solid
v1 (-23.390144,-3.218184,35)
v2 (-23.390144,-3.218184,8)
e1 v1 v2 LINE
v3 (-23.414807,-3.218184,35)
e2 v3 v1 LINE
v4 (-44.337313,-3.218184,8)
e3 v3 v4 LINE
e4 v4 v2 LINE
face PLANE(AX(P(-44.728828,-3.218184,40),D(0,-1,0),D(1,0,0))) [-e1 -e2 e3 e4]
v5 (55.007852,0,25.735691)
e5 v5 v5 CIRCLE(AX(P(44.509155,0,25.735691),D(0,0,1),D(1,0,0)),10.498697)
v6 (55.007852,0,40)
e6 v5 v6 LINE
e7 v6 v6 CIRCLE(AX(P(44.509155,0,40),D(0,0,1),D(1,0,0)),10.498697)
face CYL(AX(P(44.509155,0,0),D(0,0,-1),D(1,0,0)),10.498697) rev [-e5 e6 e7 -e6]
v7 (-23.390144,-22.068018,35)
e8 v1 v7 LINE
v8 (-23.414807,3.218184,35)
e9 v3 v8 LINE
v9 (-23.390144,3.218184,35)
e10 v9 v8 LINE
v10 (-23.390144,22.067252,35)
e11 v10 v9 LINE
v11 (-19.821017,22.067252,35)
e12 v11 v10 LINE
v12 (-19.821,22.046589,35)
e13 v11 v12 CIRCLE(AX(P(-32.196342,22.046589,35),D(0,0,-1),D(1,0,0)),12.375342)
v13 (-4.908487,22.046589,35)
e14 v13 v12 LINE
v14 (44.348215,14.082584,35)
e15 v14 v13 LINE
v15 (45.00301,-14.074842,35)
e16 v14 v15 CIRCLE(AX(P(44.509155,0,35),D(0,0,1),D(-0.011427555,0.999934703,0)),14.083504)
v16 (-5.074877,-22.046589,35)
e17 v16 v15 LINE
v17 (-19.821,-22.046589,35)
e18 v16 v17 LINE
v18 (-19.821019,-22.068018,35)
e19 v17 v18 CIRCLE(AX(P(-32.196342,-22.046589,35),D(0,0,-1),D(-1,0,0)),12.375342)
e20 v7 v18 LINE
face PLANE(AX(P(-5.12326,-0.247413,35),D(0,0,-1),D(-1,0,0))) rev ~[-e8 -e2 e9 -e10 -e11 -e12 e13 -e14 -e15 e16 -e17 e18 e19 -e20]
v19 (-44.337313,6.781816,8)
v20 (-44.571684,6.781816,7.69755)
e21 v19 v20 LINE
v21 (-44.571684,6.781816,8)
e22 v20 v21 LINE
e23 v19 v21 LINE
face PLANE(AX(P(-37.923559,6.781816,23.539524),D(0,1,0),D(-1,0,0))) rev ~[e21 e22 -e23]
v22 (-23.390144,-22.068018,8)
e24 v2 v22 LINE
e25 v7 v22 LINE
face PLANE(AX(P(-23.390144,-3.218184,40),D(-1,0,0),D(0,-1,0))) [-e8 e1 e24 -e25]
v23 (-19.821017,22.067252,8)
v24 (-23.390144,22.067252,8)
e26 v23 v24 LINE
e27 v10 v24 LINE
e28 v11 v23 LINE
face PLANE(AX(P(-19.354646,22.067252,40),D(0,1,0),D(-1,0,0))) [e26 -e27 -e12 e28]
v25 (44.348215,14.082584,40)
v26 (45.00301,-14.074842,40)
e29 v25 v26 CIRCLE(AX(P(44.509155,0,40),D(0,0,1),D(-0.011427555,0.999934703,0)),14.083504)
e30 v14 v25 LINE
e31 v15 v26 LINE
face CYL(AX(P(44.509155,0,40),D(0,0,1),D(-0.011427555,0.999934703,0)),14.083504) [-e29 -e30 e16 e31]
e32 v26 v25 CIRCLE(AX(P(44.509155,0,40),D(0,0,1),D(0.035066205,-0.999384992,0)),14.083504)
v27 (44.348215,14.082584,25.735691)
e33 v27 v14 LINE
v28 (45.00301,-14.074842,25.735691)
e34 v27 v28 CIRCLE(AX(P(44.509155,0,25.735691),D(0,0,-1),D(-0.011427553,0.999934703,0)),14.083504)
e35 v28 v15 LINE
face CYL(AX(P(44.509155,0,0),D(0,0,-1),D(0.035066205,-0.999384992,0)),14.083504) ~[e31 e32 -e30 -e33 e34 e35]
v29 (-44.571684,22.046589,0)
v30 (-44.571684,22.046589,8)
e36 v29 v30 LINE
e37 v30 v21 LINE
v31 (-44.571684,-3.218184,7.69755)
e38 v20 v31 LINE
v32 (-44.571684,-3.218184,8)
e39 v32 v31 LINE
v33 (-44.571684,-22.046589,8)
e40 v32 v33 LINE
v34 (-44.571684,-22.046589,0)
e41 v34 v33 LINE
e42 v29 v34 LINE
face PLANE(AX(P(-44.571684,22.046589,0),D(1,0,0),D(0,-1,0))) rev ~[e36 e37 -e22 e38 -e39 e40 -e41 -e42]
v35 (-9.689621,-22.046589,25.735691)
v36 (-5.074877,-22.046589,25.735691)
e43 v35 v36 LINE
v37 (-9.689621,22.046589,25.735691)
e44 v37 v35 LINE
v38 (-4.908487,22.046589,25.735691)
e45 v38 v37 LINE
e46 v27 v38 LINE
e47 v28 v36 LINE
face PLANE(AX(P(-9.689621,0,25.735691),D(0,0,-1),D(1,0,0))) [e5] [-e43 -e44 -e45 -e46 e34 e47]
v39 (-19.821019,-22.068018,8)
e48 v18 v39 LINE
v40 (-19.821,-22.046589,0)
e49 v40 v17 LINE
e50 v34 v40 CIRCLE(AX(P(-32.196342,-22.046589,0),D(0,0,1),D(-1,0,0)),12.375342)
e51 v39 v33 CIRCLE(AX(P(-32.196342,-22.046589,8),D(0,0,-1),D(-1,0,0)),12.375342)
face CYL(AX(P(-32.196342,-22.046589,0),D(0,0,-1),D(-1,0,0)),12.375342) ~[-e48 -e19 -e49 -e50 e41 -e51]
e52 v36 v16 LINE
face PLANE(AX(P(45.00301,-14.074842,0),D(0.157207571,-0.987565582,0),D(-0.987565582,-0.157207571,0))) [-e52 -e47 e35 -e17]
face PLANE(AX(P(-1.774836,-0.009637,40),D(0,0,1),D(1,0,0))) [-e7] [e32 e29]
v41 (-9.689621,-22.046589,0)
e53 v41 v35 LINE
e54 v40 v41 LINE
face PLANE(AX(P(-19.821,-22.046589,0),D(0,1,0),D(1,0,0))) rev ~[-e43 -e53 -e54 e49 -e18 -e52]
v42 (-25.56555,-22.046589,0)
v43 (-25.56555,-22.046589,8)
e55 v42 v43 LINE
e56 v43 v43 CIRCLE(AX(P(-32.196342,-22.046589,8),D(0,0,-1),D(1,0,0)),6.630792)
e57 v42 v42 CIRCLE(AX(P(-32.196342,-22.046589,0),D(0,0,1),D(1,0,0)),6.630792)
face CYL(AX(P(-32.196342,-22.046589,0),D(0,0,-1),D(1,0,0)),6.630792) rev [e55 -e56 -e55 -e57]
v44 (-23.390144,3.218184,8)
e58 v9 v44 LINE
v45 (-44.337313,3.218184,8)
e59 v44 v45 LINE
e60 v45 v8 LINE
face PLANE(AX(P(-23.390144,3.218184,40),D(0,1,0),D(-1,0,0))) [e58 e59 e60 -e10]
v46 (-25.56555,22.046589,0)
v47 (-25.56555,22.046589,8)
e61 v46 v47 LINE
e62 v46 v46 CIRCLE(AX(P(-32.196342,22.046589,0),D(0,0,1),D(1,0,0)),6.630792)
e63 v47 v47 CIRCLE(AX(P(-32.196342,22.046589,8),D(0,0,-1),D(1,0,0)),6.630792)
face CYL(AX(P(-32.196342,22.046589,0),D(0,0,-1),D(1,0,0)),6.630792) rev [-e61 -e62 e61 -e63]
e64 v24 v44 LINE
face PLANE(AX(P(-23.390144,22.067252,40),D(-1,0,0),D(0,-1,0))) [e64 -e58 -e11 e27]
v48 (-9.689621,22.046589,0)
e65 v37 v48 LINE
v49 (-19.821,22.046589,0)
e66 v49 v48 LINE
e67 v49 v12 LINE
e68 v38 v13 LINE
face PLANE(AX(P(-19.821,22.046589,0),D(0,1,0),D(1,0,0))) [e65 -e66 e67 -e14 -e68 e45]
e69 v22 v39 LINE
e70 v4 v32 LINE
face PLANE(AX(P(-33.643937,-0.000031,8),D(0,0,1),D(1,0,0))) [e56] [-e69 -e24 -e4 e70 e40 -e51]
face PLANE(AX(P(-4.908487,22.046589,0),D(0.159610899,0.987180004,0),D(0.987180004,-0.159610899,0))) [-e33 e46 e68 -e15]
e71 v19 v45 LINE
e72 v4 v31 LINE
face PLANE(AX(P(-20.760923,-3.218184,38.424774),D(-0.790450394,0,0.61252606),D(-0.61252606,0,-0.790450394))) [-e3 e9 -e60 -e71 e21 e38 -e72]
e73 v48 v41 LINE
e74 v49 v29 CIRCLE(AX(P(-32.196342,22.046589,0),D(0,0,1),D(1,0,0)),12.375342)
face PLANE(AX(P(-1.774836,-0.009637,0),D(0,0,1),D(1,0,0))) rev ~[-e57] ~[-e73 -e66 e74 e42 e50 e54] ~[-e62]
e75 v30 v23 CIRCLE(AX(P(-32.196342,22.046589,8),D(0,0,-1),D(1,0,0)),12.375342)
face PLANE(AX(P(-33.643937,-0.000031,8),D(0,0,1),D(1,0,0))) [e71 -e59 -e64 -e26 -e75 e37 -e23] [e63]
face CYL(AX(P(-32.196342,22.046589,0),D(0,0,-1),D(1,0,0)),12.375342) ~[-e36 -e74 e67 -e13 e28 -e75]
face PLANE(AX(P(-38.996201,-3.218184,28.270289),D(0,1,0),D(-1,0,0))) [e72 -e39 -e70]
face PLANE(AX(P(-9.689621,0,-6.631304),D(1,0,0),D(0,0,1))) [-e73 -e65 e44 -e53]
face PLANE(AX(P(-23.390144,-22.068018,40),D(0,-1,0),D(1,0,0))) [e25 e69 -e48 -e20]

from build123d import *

# Parameters (mm, degrees)
SKETCH001_R          = 6.630792
SKETCH001_R_2        = 10.498697
PAD_DEPTH            = 40
POCKET_DEPTH         = 32
POCKET001_DEPTH      = 9
POCKET002_DEPTH      = 5
POCKET003_DEPTH      = 10
SKETCH005_W          = 94.298041
SKETCH005_H          = 32.366995
POCKET004_DEPTH      = 34.422931
POCKET004_DEPTH_BACK = -34.422931


with BuildPart() as part:
    # Sketch001 → Pad (new body)
    with BuildSketch(Plane.XY):
        with BuildLine():
            ThreePointArc((-19.821, 22.046589), (-32.196342, 34.421931), (-44.571684, 22.046589))
            Line((-44.571684, 22.046589), (-44.571684, -22.046589))
            ThreePointArc((-44.571684, -22.046589), (-32.196342, -34.421931), (-19.821, -22.046589))
            Line((-19.821, -22.046589), (-5.074877, -22.046589))
            Line((45.00301, -14.074842), (-5.074877, -22.046589))
            ThreePointArc((45.00301, -14.074842), (58.588852, 0.32742), (44.348215, 14.082584))
            Line((-4.908487, 22.046589), (44.348215, 14.082584))
            Line((-19.821, 22.046589), (-4.908487, 22.046589))
        make_face()
        with Locations((-32.196342, 22.046589)):
            Circle(SKETCH001_R, mode=Mode.SUBTRACT)
        with Locations((-32.196342, -22.046589)):
            Circle(SKETCH001_R, mode=Mode.SUBTRACT)
        with Locations((44.509155, 0)):
            Circle(SKETCH001_R_2, mode=Mode.SUBTRACT)
    extrude(amount=PAD_DEPTH)

    # Sketch002 → Pocket (cut)
    with BuildSketch(Plane.XY.offset(40)):
        with BuildLine():
            ThreePointArc((-19.354646, 22.067252), (-32.292828, 34.810367), (-45.101294, 21.936878))
            Line((-45.101294, 21.936878), (-45.101294, -21.936878))
            ThreePointArc((-45.101294, -21.936878), (-32.29321, -34.810365), (-19.354654, -22.068018))
            Line((-23.390144, -22.068018), (-19.354654, -22.068018))
            Line((-23.390144, -3.218184), (-23.390144, -22.068018))
            Line((-44.728828, -3.218184), (-23.390144, -3.218184))
            Line((-44.728828, 3.218184), (-44.728828, -3.218184))
            Line((-23.390144, 3.218184), (-44.728828, 3.218184))
            Line((-23.390144, 22.067252), (-23.390144, 3.218184))
            Line((-19.354646, 22.067252), (-23.390144, 22.067252))
        make_face()
    extrude(amount=-POCKET_DEPTH, mode=Mode.SUBTRACT)

    # Sketch003 (on Face17 of Pocket) → Pocket001 (cut)
    with BuildSketch(Plane.XZ.offset(3.218184)):
        Polygon((-22.446281, 41.467144), (-45.756935, 6.110793), (-48.87989, 41.467144), align=None)
    extrude(amount=-POCKET001_DEPTH, mode=Mode.SUBTRACT)

    # Sketch → Pocket002 (cut)
    with BuildSketch(Plane.XY.offset(40)):
        with BuildLine():
            Line((-51.758927, -23.019849), (-51.572633, 22.533843))
            Line((-51.572633, 22.533843), (-4.833725, 22.533843))
            Line((-4.833725, 22.533843), (44.348215, 14.082584))
            ThreePointArc((44.348215, 14.082584), (30.429458, -0.32742), (45.00301, -14.074842))
            Line((45.00301, -14.074842), (-5.186409, -23.019849))
            Line((-51.758927, -23.019849), (-5.186409, -23.019849))
        make_face()
    extrude(amount=-POCKET002_DEPTH, mode=Mode.SUBTRACT)

    # Sketch004 (on Face23 of Pocket002) → Pocket003 (cut)
    with BuildSketch(Plane.XZ.offset(3.218184)):
        Polygon((-20.760923, 38.424774), (-49.368839, 1.506935), (-41.058918, 38.424774), align=None)
    extrude(amount=-POCKET003_DEPTH, mode=Mode.SUBTRACT)

    # Sketch005 → Pocket004 (cut, two sides)
    with BuildSketch(Plane.XZ) as pocket004_sk:
        with Locations((37.4594, 9.552193)):
            Rectangle(SKETCH005_W, SKETCH005_H)
    extrude(amount=-POCKET004_DEPTH, mode=Mode.SUBTRACT)
    extrude(pocket004_sk.sketch, amount=-POCKET004_DEPTH_BACK, mode=Mode.SUBTRACT)


solid = part.part
